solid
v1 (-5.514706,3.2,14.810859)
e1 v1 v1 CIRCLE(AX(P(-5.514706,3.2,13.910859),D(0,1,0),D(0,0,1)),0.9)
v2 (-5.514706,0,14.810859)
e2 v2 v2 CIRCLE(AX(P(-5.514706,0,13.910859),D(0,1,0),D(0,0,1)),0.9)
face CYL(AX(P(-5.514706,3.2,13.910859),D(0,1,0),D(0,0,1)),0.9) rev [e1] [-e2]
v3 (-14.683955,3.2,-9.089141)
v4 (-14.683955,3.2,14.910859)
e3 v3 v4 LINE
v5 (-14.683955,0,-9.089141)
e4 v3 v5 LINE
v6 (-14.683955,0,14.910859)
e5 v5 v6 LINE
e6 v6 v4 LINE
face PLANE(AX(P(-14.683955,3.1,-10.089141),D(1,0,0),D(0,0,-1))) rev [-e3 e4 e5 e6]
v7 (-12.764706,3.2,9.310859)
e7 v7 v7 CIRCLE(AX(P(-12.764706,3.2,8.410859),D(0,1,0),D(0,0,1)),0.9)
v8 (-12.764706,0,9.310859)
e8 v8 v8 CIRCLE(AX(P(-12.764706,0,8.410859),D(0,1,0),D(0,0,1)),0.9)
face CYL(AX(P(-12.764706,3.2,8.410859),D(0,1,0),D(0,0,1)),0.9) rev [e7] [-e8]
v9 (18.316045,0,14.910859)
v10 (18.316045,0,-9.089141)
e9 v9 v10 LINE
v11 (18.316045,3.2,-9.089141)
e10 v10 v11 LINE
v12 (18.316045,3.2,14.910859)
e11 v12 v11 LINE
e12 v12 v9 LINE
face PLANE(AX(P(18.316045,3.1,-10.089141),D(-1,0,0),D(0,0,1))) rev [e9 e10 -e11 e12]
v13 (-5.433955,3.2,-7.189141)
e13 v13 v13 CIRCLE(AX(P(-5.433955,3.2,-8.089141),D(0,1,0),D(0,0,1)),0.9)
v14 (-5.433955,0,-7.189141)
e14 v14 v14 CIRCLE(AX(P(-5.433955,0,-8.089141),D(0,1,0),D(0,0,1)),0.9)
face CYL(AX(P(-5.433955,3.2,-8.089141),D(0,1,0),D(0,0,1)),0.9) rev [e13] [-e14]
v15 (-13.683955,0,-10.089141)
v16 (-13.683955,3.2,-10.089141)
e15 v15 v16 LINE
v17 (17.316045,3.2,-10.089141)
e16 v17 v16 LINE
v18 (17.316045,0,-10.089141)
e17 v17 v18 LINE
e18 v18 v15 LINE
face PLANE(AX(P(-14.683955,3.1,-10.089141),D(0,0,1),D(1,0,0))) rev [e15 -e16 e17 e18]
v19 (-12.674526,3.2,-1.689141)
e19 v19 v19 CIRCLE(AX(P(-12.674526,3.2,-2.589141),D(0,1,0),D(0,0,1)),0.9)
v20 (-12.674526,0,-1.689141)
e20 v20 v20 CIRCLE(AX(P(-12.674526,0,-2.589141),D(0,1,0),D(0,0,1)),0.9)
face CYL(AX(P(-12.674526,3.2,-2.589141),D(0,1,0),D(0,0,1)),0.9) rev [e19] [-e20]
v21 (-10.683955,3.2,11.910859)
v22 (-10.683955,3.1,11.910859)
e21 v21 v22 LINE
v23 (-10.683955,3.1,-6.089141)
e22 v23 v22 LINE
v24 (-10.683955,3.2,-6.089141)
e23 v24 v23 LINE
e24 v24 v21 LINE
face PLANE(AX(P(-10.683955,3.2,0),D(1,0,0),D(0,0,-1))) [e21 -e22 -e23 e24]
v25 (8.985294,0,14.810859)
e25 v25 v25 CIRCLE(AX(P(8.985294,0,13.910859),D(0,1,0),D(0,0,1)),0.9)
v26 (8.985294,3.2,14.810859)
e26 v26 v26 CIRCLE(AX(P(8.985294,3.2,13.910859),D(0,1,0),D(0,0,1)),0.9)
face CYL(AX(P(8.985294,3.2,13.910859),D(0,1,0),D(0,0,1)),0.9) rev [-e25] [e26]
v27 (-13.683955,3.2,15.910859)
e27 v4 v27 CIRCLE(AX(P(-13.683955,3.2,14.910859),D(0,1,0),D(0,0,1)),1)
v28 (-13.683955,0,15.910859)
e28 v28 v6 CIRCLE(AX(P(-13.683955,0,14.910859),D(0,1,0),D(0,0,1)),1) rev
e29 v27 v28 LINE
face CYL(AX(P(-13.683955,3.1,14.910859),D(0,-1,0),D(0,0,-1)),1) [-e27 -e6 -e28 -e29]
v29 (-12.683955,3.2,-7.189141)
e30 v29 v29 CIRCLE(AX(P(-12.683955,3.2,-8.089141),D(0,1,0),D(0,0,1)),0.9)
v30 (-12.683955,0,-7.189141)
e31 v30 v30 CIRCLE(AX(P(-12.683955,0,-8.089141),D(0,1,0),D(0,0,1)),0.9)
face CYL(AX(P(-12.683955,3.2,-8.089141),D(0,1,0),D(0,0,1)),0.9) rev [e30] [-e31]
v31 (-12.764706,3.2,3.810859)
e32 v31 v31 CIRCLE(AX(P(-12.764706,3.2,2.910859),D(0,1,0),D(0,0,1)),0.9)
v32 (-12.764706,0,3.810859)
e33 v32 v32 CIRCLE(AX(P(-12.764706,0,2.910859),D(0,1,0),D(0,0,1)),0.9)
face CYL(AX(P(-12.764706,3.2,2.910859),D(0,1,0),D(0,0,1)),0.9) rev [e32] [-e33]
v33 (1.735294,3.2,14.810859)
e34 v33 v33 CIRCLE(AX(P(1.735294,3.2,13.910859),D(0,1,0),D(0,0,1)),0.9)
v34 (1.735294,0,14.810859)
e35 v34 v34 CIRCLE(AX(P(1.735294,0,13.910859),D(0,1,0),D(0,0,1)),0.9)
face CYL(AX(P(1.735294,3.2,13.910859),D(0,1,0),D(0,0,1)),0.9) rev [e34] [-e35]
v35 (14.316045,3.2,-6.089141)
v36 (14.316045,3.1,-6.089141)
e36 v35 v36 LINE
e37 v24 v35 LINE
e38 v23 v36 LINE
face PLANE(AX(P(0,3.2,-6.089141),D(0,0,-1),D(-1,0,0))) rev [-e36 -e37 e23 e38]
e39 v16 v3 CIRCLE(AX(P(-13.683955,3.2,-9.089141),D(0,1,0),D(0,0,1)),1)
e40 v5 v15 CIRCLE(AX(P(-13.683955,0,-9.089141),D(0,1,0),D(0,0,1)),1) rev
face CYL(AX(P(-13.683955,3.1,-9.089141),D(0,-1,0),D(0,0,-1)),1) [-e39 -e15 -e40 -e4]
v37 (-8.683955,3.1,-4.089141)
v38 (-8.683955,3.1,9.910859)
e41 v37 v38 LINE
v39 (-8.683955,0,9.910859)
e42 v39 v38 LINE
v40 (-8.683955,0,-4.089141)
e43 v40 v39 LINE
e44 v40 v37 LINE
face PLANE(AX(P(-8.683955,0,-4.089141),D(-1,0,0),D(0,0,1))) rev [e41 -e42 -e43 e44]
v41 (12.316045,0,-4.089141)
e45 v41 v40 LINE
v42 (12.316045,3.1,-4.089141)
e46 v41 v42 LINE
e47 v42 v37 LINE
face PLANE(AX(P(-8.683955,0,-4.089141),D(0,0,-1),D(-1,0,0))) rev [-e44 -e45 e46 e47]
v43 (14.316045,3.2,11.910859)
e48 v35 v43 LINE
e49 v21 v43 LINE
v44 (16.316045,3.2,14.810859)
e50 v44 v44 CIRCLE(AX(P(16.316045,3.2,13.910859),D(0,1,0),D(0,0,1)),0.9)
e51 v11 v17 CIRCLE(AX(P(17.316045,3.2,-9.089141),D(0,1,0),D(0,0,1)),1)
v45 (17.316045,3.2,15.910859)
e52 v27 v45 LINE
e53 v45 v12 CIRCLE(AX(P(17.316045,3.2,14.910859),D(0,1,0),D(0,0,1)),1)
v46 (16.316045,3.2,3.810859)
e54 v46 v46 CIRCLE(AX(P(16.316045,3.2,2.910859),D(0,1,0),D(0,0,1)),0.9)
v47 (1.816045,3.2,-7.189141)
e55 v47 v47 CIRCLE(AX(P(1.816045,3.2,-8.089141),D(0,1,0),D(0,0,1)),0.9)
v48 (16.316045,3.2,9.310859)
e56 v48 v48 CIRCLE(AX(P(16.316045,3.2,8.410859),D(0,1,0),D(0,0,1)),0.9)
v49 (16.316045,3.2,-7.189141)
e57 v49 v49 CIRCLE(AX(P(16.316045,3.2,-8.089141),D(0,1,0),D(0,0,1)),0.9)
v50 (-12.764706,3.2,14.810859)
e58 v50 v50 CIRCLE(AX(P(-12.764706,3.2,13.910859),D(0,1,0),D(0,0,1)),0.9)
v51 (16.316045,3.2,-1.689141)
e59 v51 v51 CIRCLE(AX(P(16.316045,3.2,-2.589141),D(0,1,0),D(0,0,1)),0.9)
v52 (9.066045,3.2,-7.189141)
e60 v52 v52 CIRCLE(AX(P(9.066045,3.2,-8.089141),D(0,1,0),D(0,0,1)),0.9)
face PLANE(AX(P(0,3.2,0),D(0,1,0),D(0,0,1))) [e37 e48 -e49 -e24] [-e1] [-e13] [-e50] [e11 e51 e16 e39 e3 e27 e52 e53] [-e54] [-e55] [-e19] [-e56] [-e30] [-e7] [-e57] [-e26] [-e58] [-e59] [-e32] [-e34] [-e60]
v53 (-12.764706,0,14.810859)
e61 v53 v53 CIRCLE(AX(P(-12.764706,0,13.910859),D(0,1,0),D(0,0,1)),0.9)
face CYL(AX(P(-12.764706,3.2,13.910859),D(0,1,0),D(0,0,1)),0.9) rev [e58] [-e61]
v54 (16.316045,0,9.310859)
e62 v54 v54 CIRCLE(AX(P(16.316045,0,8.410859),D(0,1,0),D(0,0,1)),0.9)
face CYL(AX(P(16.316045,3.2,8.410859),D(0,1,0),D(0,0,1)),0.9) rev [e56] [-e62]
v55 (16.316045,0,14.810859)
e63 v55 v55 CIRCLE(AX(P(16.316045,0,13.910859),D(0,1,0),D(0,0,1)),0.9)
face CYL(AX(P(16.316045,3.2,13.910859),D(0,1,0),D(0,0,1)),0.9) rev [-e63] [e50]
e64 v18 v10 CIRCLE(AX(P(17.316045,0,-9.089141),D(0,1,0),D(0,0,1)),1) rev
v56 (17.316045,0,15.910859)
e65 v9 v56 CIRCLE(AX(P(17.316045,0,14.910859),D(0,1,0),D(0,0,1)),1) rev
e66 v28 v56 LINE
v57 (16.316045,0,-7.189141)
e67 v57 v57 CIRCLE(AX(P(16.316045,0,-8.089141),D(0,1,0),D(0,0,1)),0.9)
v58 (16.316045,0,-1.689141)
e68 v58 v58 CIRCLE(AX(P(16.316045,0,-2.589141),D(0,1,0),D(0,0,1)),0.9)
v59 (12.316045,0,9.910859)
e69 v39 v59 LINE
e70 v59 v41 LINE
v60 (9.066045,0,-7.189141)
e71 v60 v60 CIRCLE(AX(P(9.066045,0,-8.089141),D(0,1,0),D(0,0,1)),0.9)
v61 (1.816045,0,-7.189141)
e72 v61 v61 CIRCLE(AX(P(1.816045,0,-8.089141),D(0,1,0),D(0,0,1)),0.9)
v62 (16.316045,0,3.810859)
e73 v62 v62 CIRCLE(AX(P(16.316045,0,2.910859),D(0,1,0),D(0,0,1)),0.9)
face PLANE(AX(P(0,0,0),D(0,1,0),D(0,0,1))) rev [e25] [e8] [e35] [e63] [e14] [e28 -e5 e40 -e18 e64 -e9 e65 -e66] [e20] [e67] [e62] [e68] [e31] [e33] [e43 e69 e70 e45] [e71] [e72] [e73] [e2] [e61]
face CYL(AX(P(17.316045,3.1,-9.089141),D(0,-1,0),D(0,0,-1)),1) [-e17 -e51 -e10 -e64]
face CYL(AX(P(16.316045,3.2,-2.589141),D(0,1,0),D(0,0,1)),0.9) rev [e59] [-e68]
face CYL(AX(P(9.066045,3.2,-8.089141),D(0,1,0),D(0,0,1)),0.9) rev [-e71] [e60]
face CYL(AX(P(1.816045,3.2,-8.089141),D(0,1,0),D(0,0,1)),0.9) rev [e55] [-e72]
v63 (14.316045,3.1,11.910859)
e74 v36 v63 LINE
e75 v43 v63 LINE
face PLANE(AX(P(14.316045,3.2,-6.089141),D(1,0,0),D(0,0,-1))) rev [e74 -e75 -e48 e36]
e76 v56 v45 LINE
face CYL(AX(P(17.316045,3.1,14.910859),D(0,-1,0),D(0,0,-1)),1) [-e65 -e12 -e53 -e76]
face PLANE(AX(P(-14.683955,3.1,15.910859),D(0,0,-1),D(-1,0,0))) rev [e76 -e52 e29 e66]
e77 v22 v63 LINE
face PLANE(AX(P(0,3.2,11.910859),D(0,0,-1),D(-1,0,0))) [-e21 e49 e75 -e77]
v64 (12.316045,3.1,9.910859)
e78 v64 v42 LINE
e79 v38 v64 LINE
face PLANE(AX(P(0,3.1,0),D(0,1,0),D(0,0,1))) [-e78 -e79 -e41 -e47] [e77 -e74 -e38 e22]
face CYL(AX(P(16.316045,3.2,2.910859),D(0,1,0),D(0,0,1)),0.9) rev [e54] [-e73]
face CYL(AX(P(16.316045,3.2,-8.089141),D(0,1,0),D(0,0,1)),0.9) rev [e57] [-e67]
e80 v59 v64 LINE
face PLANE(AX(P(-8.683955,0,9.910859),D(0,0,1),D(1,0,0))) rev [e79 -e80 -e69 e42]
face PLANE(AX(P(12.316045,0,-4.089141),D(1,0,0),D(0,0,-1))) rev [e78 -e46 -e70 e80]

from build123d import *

# Parameters (mm, degrees)
SKETCH1_W                   = 33
SKETCH1_H                   = 26
BOSS_EXTRUDE1_DEPTH         = 3.1
SKETCH3_W                   = 4
SKETCH3_H                   = 18
BOSS_EXTRUDE2_DEPTH         = 0.1
TAP_DRILL_FOR_M2X0_4_TAP2_D = 1.8
FILLET2_R                   = 1
SKETCH11_W                  = 21
SKETCH11_H                  = 14
CUT_EXTRUDE2_DEPTH          = 25.459005547


with BuildPart() as part:
    # Sketch1 → Boss-Extrude1 (new body)
    with BuildSketch(Plane(origin=(0, 0, 0), x_dir=(1, 0, 0), z_dir=(0, 1, 0))):
        with Locations((1.816045381, -2.910858995)):
            Rectangle(SKETCH1_W, SKETCH1_H)
    extrude(amount=BOSS_EXTRUDE1_DEPTH)

    # Sketch3 → Boss-Extrude2 (add)
    with BuildSketch(Plane(origin=(0, 3.1, 0), x_dir=(1, 0, 0), z_dir=(0, 1, 0))):
        Polygon((-10.683954619, 10.089141005), (-14.683954619, 10.089141005), (-14.683954619, -15.910858995), (-10.683954619, -15.910858995), (-10.683954619, -11.910858995), (-10.683954619, 6.089141005), align=None)
        Polygon((18.316045381, 10.089141005), (-10.683954619, 10.089141005), (-10.683954619, 6.089141005), (14.316045381, 6.089141005), (18.316045381, 6.089141005), align=None)
        Polygon((-10.683954619, -11.910858995), (-10.683954619, -15.910858995), (18.316045381, -15.910858995), (18.316045381, -11.910858995), (14.316045381, -11.910858995), align=None)
        with Locations((16.316045381, -2.910858995)):
            Rectangle(SKETCH3_W, SKETCH3_H)
    extrude(amount=BOSS_EXTRUDE2_DEPTH)

    # Tap Drill for M2x0.4 Tap2 (through all)
    with Locations(Plane(origin=(0, 3.2, 0), x_dir=(1, 0, 0), z_dir=(0, 1, 0))):
        with Locations((-12.683954619, 8.089141005), (-12.674525688, 2.589141005), (-12.764705981, -2.910858995), (-12.764705981, -8.410858995), (-12.764705981, -13.910858995), (-5.433954619, 8.089141005), (1.816045381, 8.089141005), (1.735294019, -13.910858995), (-5.514705981, -13.910858995), (9.066045381, 8.089141005), (16.316045381, 8.089141005), (16.316045381, 2.589141005), (16.316045381, -2.910858995), (16.316045381, -8.410858995), (16.316045381, -13.910858995), (8.985294019, -13.910858995)):
            Hole(TAP_DRILL_FOR_M2X0_4_TAP2_D / 2)

    # Fillet2
    fillet2_edges = [part.edges().sort_by_distance(p)[0] for p in [
        (-14.683954619, 1.6, -10.089141005),
        (18.316045381, 1.6, -10.089141005),
        (18.316045381, 1.6, 15.910858995),
        (-14.683954619, 1.6, 15.910858995),
    ]]
    fillet(fillet2_edges, radius=FILLET2_R)

    # Sketch11 → Cut-Extrude2 (cut, through all)
    with BuildSketch(Plane(origin=(0, 3.1, 0), x_dir=(1, 0, 0), z_dir=(0, 1, 0))):
        with Locations((1.816045381, -2.910858995)):
            Rectangle(SKETCH11_W, SKETCH11_H)
    extrude(amount=-CUT_EXTRUDE2_DEPTH, mode=Mode.SUBTRACT)


solid = part.part
